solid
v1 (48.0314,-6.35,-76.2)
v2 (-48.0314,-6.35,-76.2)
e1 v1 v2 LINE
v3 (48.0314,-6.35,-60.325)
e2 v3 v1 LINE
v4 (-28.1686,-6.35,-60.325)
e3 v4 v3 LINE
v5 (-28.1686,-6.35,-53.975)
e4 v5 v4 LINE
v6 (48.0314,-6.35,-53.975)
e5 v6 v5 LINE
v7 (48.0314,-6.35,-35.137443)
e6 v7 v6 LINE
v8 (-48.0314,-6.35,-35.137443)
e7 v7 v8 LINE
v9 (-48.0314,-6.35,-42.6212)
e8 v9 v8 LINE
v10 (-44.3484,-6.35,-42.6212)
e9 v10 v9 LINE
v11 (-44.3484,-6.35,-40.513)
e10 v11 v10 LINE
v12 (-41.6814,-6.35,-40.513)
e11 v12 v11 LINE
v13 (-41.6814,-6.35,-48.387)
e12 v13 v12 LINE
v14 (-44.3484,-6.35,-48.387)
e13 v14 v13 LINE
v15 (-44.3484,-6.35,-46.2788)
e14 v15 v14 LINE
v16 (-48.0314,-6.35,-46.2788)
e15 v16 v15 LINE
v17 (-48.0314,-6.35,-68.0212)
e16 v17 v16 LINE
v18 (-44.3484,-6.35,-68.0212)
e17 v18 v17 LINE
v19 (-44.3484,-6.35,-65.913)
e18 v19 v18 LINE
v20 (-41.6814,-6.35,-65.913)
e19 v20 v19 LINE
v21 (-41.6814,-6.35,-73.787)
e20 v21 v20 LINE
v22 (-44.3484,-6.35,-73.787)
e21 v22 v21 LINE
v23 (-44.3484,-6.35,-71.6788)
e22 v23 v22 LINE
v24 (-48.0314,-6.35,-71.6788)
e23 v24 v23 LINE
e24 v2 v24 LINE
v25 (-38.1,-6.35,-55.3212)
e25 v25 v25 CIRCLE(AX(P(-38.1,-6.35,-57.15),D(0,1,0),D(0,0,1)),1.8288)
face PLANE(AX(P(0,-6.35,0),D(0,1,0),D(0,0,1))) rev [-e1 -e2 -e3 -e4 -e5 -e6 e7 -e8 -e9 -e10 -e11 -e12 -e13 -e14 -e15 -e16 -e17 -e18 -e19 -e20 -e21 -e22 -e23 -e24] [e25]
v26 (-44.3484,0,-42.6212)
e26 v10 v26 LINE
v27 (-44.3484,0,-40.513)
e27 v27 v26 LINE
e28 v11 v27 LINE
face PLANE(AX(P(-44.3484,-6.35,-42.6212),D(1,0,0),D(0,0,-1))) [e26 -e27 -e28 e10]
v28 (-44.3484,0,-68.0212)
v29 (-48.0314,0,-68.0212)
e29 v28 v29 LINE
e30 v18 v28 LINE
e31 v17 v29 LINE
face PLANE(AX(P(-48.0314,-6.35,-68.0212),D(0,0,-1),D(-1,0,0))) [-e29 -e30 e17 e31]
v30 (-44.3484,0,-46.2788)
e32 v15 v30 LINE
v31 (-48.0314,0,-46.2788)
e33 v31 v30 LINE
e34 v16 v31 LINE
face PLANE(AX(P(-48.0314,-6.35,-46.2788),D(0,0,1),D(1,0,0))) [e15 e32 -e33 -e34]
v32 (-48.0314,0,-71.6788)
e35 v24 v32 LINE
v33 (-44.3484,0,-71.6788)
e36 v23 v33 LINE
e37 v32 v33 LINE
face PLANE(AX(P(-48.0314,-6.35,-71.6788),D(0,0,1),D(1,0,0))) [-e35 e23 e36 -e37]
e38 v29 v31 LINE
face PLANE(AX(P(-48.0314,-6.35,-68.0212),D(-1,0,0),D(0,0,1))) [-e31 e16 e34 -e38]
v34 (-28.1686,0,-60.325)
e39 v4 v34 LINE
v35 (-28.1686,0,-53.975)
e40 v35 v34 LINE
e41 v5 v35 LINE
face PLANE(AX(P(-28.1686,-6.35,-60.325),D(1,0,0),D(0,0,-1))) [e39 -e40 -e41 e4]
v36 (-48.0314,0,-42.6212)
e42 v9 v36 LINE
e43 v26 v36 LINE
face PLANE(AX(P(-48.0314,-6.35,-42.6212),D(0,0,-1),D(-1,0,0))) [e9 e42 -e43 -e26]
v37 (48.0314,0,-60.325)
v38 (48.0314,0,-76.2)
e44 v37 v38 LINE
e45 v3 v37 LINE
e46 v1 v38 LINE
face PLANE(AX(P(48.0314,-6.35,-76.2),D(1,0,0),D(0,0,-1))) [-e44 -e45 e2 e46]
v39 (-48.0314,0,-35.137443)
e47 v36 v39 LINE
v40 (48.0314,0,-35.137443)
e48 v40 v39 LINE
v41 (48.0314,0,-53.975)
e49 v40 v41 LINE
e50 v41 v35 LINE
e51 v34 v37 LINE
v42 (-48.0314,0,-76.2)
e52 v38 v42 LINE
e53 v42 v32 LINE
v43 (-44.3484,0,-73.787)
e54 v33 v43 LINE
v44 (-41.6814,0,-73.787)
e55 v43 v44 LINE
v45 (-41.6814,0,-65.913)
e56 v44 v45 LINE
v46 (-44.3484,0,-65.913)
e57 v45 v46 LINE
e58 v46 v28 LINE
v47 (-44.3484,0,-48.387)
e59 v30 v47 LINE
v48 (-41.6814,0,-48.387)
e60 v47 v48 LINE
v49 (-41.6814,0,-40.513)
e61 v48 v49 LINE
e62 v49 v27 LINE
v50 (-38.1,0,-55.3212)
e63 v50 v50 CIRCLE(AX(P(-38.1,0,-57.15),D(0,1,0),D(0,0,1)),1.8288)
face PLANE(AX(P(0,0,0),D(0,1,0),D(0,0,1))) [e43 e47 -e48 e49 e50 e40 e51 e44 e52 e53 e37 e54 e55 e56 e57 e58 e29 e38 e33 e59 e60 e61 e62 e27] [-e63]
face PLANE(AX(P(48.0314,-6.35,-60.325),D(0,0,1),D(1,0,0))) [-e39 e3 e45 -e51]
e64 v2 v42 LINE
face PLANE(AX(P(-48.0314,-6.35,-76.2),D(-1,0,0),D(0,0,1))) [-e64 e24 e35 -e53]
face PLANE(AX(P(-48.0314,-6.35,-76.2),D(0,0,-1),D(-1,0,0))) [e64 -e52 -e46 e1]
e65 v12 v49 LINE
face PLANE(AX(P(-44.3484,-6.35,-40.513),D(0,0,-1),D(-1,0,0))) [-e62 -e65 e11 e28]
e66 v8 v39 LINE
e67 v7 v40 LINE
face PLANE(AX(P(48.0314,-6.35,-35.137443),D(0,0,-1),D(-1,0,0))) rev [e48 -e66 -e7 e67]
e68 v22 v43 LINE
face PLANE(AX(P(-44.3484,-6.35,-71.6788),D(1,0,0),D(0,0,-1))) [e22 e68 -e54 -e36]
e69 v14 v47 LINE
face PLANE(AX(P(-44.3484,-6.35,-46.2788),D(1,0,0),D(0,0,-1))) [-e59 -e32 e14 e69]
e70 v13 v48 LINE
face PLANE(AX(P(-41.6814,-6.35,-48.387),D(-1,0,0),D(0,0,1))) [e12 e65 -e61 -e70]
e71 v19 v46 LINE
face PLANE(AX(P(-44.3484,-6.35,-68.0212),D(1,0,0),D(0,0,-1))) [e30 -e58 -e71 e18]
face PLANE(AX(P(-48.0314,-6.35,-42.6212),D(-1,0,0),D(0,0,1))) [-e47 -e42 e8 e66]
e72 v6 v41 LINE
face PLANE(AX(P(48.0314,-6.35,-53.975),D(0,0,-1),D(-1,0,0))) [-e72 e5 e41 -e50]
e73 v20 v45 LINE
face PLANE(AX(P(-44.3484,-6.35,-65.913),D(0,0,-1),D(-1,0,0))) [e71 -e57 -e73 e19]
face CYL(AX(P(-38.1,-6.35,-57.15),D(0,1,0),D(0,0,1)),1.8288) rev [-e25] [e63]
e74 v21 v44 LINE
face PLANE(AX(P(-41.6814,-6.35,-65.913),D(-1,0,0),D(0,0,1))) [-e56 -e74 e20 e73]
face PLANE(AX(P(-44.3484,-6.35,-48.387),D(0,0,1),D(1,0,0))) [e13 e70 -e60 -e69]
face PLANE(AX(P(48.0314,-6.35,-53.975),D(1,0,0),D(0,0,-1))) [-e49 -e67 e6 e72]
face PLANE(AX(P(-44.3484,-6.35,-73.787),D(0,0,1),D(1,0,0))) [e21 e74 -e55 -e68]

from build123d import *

# Parameters (mm, degrees)
SKETCH1_R               = 1.8288
BOSS_EXTRUDE1_DEPTH     = 6.35
SKETCH2_W               = 96.0628
SKETCH2_H               = 111.337442597
CUT_EXTRUDE1_DEPTH      = 1
CUT_EXTRUDE1_DEPTH_BACK = 7.35


with BuildPart() as part:
    # Sketch1 → Boss-Extrude1 (new body)
    with BuildSketch(Plane(origin=(0, 0, 0), x_dir=(1, 0, 0), z_dir=(0, 1, 0))):
        Polygon((-48.0314, 76.2), (48.0314, 76.2), (48.0314, 60.325), (-28.1686, 60.325), (-28.1686, 53.975), (48.0314, 53.975), (48.0314, 22.225), (-28.1686, 22.225), (-28.1686, 15.875), (48.0314, 15.875), (48.0314, -15.875), (-28.1686, -15.875), (-28.1686, -22.225), (48.0314, -22.225), (48.0314, -53.975), (-28.1686, -53.975), (-28.1686, -60.325), (48.0314, -60.325), (48.0314, -76.2), (-48.0314, -76.2), (-48.0314, -33.5788), (-44.3484, -33.5788), (-44.3484, -35.687), (-41.6814, -35.687), (-41.6814, -27.813), (-44.3484, -27.813), (-44.3484, -29.9212), (-48.0314, -29.9212), (-48.0314, 4.5212), (-44.3484, 4.5212), (-44.3484, 2.413), (-41.6814, 2.413), (-41.6814, 10.287), (-44.3484, 10.287), (-44.3484, 8.1788), (-48.0314, 8.1788), (-48.0314, 42.6212), (-44.3484, 42.6212), (-44.3484, 40.513), (-41.6814, 40.513), (-41.6814, 48.387), (-44.3484, 48.387), (-44.3484, 46.2788), (-48.0314, 46.2788), (-48.0314, 68.0212), (-44.3484, 68.0212), (-44.3484, 65.913), (-41.6814, 65.913), (-41.6814, 73.787), (-44.3484, 73.787), (-44.3484, 71.6788), (-48.0314, 71.6788), align=None)
        with Locations((-38.1, 57.15)):
            Circle(SKETCH1_R, mode=Mode.SUBTRACT)
        with Locations((-38.1, 31.75)):
            Circle(SKETCH1_R, mode=Mode.SUBTRACT)
        with Locations((-38.1, 6.35)):
            Circle(SKETCH1_R, mode=Mode.SUBTRACT)
        with Locations((-38.1, -19.05)):
            Circle(SKETCH1_R, mode=Mode.SUBTRACT)
    extrude(amount=-BOSS_EXTRUDE1_DEPTH)

    # Sketch2 → Cut-Extrude1 (cut, two sides)
    with BuildSketch(Plane(origin=(0, 0, 0), x_dir=(1, 0, 0), z_dir=(0, 1, 0))) as cut_extrude1_sk:
        with Locations((0, -20.531278701)):
            Rectangle(SKETCH2_W, SKETCH2_H)
    extrude(amount=CUT_EXTRUDE1_DEPTH, mode=Mode.SUBTRACT)
    extrude(cut_extrude1_sk.sketch, amount=-CUT_EXTRUDE1_DEPTH_BACK, mode=Mode.SUBTRACT)


solid = part.part
